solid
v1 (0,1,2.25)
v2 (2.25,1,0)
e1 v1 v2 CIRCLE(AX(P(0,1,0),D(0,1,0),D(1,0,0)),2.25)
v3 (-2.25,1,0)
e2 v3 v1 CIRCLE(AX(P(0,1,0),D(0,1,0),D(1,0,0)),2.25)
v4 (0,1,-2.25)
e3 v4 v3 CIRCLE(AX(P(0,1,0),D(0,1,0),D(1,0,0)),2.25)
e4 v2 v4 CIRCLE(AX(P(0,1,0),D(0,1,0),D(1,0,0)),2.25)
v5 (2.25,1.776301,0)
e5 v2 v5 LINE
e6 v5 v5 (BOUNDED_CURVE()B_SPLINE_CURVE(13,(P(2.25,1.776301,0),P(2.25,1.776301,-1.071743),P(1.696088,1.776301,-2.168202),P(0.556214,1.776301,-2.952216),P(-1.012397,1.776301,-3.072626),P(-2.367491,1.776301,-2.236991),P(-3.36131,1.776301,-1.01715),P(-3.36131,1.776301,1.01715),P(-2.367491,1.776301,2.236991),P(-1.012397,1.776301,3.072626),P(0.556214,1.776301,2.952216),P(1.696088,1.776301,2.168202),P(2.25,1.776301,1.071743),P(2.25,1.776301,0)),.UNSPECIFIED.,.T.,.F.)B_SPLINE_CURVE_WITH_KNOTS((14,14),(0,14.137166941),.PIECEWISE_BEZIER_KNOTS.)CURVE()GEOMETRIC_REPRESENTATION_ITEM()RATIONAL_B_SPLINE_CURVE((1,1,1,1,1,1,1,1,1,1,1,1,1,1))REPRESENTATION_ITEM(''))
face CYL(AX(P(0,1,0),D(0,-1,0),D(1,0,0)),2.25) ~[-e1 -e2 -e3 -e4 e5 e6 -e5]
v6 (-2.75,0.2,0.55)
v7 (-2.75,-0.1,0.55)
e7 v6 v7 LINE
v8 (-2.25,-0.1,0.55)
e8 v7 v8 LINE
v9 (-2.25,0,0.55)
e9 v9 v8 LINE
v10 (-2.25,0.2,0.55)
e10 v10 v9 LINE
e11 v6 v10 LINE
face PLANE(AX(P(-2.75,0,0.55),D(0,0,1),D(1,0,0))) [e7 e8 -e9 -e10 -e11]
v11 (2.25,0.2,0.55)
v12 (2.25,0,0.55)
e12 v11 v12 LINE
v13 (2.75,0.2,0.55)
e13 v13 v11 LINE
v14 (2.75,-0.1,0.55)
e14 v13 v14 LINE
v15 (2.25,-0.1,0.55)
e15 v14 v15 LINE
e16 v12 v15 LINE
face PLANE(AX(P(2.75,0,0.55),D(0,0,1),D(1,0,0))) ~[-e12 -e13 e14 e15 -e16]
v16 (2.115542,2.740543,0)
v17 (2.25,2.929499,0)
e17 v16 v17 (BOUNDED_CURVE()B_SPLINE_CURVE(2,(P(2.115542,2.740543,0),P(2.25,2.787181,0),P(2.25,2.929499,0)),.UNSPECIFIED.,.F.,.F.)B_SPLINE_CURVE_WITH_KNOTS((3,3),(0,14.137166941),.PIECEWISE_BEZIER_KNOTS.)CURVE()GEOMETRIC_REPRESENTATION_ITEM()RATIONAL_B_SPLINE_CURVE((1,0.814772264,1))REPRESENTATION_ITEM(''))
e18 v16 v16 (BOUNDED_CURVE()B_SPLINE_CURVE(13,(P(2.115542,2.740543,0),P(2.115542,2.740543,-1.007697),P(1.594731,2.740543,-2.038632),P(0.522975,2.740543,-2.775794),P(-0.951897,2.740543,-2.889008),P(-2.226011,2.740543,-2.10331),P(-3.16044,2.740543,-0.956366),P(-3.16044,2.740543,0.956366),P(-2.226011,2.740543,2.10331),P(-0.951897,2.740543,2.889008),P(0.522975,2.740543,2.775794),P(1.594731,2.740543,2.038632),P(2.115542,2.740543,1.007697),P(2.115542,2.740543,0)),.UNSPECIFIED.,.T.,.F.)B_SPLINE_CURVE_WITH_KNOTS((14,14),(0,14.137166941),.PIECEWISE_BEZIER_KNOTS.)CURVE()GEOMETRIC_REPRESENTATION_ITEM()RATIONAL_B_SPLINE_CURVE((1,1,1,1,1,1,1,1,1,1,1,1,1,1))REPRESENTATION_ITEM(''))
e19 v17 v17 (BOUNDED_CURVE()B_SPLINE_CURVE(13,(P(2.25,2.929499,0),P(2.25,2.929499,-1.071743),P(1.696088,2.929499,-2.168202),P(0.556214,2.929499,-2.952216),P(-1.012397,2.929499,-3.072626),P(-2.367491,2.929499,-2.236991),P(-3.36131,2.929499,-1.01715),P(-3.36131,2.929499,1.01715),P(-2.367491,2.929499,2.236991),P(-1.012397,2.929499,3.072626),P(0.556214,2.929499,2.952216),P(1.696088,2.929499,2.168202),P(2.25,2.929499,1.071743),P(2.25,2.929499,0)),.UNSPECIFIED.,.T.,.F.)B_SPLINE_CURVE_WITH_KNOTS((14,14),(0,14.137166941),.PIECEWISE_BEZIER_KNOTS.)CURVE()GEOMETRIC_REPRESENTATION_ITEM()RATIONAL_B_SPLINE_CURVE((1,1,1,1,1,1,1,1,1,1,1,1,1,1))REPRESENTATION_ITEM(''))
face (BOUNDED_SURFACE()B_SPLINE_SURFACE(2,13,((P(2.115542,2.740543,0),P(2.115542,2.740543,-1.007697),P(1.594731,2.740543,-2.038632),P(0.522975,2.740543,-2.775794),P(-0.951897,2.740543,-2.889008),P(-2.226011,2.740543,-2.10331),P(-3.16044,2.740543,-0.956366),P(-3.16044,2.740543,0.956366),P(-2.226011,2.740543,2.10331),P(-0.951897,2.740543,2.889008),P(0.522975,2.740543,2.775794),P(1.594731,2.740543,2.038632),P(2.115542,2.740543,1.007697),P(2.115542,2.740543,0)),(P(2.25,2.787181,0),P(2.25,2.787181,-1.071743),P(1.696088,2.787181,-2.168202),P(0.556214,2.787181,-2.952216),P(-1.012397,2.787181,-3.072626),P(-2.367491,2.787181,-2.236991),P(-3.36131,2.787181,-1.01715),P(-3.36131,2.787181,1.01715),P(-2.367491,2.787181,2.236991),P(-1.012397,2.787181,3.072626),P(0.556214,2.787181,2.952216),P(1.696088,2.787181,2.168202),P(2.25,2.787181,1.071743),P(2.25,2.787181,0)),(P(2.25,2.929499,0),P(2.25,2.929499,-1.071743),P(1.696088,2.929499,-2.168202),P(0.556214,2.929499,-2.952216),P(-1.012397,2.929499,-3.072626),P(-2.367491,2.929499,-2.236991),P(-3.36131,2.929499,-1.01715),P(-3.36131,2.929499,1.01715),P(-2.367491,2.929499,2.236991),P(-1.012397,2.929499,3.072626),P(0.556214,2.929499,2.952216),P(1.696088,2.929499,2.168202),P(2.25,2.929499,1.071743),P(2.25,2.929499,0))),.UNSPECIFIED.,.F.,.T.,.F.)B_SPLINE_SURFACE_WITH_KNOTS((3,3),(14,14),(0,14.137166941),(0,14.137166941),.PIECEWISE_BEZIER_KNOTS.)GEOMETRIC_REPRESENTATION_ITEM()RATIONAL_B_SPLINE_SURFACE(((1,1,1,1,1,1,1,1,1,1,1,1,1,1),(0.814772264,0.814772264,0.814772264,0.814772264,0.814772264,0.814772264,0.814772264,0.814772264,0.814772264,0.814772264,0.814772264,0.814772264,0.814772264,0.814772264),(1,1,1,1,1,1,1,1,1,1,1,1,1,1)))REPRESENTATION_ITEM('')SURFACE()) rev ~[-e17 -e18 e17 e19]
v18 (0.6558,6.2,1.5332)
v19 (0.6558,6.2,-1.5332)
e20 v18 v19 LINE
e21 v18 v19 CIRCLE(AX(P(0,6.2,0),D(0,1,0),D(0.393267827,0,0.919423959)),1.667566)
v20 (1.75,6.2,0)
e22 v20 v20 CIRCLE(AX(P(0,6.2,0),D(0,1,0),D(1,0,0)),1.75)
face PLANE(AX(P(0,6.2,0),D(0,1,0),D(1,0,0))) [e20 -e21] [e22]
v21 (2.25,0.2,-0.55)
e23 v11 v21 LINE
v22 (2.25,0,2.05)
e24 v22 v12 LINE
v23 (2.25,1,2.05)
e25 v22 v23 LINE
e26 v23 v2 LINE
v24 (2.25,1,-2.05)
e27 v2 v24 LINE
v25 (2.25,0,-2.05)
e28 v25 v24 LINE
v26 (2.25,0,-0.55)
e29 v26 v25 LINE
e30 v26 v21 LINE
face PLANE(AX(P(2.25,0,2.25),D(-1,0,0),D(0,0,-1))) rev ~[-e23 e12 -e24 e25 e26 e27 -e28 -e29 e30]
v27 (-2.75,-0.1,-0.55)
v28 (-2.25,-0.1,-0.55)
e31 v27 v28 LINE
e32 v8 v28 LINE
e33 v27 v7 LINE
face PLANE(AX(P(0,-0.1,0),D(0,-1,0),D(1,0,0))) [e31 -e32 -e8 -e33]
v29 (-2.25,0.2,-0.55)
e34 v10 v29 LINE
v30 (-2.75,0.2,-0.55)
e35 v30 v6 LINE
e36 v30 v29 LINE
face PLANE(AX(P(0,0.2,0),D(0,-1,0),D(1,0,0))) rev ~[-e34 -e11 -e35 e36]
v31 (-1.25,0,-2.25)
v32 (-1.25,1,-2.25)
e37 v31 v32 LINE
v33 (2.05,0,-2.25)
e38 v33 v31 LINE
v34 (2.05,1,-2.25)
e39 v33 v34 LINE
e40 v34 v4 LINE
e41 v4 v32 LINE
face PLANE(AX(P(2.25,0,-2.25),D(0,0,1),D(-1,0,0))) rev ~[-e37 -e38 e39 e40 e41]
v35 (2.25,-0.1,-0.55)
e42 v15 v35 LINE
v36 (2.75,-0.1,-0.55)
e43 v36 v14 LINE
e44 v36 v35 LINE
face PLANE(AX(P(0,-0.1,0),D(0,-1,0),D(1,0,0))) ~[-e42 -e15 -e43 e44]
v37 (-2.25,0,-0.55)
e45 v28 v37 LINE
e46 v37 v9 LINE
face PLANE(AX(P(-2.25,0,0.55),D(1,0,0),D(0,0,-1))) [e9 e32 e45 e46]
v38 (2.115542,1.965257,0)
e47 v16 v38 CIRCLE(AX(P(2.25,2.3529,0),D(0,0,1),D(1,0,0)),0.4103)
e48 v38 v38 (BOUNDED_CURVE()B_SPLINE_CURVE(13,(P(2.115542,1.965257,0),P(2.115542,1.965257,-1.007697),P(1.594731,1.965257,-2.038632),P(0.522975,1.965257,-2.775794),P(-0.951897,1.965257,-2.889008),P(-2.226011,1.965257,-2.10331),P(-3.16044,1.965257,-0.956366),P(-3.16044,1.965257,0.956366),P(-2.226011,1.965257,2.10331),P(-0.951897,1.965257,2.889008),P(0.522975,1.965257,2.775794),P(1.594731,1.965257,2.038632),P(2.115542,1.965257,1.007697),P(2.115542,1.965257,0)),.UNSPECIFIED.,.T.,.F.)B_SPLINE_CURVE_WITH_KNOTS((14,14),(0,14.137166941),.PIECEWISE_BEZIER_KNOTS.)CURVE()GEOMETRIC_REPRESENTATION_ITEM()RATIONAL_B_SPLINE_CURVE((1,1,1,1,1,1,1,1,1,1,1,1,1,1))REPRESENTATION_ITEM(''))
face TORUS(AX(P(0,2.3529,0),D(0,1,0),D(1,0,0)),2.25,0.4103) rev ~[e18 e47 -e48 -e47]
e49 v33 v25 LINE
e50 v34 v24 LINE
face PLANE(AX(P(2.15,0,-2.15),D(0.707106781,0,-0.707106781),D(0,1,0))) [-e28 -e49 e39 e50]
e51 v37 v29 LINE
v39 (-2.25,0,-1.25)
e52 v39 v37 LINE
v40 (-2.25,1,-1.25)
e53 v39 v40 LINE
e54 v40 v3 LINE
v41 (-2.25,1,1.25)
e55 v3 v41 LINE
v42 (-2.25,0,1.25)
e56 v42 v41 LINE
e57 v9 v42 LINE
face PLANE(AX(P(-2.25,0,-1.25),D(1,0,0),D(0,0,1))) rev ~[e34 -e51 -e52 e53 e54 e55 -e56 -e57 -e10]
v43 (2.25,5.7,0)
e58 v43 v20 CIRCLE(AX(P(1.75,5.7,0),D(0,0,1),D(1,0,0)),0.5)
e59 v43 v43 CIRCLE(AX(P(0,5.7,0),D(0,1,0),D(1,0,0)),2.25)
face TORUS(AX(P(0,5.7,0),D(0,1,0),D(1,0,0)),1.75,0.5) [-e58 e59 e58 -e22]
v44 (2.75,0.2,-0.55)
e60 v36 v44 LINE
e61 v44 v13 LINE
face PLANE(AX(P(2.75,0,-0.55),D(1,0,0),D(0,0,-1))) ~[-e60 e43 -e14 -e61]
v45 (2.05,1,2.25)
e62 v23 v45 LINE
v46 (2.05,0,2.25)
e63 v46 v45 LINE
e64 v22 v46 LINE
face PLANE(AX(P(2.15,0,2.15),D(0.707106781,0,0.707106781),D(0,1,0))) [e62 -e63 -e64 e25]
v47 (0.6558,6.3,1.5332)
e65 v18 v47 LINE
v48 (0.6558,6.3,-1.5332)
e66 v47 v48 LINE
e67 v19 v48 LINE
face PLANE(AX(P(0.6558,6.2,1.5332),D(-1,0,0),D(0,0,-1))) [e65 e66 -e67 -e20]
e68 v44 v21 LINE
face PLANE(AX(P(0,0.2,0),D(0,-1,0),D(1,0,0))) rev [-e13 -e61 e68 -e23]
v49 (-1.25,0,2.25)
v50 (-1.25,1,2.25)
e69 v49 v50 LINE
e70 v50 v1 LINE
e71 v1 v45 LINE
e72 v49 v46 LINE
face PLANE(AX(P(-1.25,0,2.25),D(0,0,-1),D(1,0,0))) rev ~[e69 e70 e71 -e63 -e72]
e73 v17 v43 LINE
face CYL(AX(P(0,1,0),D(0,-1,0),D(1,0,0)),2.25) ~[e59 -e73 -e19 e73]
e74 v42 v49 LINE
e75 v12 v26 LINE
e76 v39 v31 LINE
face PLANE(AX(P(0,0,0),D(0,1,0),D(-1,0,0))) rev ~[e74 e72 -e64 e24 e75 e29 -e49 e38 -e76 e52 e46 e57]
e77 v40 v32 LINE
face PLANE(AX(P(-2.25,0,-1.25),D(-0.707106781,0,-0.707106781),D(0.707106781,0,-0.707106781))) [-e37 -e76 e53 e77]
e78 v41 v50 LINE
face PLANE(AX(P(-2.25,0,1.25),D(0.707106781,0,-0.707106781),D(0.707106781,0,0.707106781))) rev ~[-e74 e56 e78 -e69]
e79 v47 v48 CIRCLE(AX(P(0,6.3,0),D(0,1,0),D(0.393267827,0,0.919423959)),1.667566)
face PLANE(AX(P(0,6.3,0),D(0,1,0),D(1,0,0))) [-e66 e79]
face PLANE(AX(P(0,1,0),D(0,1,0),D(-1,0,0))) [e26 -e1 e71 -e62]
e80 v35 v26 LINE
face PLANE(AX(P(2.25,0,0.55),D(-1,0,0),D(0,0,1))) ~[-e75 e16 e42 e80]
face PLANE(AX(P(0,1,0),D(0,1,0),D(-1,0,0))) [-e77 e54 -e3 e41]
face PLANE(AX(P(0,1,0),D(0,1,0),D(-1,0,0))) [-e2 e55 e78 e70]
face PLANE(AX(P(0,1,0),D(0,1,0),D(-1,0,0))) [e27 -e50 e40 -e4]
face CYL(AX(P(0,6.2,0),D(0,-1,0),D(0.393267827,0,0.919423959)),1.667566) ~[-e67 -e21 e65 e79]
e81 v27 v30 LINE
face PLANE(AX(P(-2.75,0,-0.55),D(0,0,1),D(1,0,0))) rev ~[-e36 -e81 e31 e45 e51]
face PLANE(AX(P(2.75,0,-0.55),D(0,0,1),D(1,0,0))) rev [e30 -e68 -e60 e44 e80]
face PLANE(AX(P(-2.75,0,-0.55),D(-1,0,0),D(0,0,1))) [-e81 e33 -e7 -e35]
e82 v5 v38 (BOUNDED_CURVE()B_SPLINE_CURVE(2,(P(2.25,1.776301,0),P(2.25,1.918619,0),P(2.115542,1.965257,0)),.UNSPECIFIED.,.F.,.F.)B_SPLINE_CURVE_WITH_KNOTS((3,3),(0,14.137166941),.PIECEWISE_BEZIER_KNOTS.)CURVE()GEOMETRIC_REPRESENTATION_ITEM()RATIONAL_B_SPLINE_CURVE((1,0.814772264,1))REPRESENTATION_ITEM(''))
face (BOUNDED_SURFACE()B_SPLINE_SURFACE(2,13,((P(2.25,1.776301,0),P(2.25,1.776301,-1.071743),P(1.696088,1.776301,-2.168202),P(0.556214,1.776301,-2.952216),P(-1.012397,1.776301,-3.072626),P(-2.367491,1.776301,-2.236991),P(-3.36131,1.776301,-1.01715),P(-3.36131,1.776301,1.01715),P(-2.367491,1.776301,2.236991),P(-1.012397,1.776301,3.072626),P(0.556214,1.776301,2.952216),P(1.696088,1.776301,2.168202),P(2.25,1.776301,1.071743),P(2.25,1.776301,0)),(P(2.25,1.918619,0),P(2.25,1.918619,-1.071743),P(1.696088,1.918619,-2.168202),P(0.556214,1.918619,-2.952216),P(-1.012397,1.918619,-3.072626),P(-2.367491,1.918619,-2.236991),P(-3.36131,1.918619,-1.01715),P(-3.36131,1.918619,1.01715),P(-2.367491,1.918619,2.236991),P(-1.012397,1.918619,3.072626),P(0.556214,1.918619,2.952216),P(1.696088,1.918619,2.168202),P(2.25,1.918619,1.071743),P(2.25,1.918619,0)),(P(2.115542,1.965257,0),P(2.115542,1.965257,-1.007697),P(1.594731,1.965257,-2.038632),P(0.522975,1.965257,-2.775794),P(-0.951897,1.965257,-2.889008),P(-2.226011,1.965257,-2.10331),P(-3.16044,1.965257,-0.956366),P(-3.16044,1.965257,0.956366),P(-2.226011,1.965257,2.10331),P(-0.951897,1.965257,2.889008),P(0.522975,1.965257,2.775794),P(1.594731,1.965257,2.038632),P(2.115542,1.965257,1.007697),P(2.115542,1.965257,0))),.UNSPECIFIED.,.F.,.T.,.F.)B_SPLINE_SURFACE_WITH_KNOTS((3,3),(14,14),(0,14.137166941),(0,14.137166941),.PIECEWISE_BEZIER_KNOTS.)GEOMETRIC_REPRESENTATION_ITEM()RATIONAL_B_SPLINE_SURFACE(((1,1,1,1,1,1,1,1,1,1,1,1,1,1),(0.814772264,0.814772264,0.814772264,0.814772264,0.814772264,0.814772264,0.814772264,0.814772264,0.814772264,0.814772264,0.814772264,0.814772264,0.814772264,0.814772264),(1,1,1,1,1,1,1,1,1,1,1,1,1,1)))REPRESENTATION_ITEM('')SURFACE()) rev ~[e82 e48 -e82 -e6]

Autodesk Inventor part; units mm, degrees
ref_plane "YZ Plane" through (0, 0, 0) normal (1, 0, 0) x (0, 1, 0)
ref_plane "XZ Plane" through (0, 0, 0) normal (0, 1, 0) x (-1, 0, 0)
ref_plane "XY Plane" through (0, 0, 0) normal (0, 0, 1) x (1, 0, 0)
sketch "Sketch1" plane through (0, 0, 0) normal (0, 1, 0) x (-1, 0, 0)
  line L0 (2.25, 2.25) -> (-2.25, 2.25)
  line L1 (-2.25, 2.25) -> (-2.25, -2.25)
  line L2 (-2.25, -2.25) -> (2.25, -2.25)
  line L3 (2.25, -2.25) -> (2.25, 2.25)
  line L4 (2.25, 1.25) -> (1.25, 2.25)
  line L5 (2.25, -1.25) -> (1.25, -2.25)
  point P0 (0, 0)
  dimension "d0" = 4.5
  dimension "d1" = 4.5
  dimension "d2" = 2.25
  dimension "d3" = 2.25
  dimension "d4" = 45
  dimension "d5" = 45
  dimension "d6" = 1
  dimension "d7" = 1
extrude "Extrusion1" add sketch "Sketch1" along normal blind 1 contours L4 L3 L5 L2 L1 L0
chamfer "Chamfer1" distance 0.2 angle 45 2 edges at (2.25, 0.5, 2.25) (2.25, 0.5, -2.25)
sketch "Sketch2" plane through (0, 1, 0) normal (0, 1, 0) x (1, 0, 0)
  circle A0 centre (0, 0) radius 2.25
  dimension "d13" = 4.5
extrude "Extrusion2" add sketch "Sketch2" along normal blind 5.2
sketch "Sketch3" plane through (0, 0, 0) normal (0, -1, 0) x (1, 0, 0)
  line L0 (-2.25, 0.55) -> (-2.25, -0.55)
  line L1 (-2.75, -0.55) -> (-2.75, 0.55)
  line L2 (-2.75, 0.55) -> (-2.25, 0.55)
  line L3 (-2.75, -0.55) -> (-2.25, -0.55)
  point P0 (0, 0)
  dimension "d16" = 1.1
  dimension "d18" = 2.25
  dimension "d33" = 2.75
extrude "Extrusion3" add sketch "Sketch3" along normal blind 0.1 and the other way blind 0.2
mirror "Mirror1" about plane through (0, 0, 0) normal (1, 0, 0) of "Extrusion3"
fillet "Fillet1" radius 0.5 1 edges at (-2.25, 6.2, 0)
sketch "Sketch4" plane through (0, 6.2, 0) normal (0, 1, 0) x (1, 0, 0)
  circle A0 centre (0, 0) radius 6.25
  circle A1 centre (0, 0) radius 2.25 projected
  line L0 (3.2451, -4.6893) -> (3.2427, 4.6909)
  arc A2 (3.2451, -4.6893) -> (3.2427, 4.6909) centre (0, 0) ccw
  arc A3 (0.6558, -1.5332) -> (0.6558, 1.5332) centre (0, 0) ccw
  line L1 (0.6558, -1.5332) -> (0.6558, 1.5332)
extrude "Extrusion5" add sketch "Sketch4" along normal blind 0.1 contours L1 A3
sketch "Sketch5" plane through (0, 0, 0) normal (0, 0, 1) x (1, 0, 0)
  line L0 (2.25, 1) -> (2.25, 5.7) projected
  line L1 (0, -1.3032) -> (0, 7.8193) projected
  circle A0 centre (2.25, 2.3529) radius 0.4103
  point P0 (0, 0)
revolve "Revolution1" cut sketch "Sketch5" angle 360 about axis through (0, -10, 0) along (0, 1, 0)
fillet "Fillet4" radius 0.2 2 edges at (-2.25, 1.9426, 0) (-2.25, 2.7632, 0)
properties part number "SMTElectro4x4x6_5"
